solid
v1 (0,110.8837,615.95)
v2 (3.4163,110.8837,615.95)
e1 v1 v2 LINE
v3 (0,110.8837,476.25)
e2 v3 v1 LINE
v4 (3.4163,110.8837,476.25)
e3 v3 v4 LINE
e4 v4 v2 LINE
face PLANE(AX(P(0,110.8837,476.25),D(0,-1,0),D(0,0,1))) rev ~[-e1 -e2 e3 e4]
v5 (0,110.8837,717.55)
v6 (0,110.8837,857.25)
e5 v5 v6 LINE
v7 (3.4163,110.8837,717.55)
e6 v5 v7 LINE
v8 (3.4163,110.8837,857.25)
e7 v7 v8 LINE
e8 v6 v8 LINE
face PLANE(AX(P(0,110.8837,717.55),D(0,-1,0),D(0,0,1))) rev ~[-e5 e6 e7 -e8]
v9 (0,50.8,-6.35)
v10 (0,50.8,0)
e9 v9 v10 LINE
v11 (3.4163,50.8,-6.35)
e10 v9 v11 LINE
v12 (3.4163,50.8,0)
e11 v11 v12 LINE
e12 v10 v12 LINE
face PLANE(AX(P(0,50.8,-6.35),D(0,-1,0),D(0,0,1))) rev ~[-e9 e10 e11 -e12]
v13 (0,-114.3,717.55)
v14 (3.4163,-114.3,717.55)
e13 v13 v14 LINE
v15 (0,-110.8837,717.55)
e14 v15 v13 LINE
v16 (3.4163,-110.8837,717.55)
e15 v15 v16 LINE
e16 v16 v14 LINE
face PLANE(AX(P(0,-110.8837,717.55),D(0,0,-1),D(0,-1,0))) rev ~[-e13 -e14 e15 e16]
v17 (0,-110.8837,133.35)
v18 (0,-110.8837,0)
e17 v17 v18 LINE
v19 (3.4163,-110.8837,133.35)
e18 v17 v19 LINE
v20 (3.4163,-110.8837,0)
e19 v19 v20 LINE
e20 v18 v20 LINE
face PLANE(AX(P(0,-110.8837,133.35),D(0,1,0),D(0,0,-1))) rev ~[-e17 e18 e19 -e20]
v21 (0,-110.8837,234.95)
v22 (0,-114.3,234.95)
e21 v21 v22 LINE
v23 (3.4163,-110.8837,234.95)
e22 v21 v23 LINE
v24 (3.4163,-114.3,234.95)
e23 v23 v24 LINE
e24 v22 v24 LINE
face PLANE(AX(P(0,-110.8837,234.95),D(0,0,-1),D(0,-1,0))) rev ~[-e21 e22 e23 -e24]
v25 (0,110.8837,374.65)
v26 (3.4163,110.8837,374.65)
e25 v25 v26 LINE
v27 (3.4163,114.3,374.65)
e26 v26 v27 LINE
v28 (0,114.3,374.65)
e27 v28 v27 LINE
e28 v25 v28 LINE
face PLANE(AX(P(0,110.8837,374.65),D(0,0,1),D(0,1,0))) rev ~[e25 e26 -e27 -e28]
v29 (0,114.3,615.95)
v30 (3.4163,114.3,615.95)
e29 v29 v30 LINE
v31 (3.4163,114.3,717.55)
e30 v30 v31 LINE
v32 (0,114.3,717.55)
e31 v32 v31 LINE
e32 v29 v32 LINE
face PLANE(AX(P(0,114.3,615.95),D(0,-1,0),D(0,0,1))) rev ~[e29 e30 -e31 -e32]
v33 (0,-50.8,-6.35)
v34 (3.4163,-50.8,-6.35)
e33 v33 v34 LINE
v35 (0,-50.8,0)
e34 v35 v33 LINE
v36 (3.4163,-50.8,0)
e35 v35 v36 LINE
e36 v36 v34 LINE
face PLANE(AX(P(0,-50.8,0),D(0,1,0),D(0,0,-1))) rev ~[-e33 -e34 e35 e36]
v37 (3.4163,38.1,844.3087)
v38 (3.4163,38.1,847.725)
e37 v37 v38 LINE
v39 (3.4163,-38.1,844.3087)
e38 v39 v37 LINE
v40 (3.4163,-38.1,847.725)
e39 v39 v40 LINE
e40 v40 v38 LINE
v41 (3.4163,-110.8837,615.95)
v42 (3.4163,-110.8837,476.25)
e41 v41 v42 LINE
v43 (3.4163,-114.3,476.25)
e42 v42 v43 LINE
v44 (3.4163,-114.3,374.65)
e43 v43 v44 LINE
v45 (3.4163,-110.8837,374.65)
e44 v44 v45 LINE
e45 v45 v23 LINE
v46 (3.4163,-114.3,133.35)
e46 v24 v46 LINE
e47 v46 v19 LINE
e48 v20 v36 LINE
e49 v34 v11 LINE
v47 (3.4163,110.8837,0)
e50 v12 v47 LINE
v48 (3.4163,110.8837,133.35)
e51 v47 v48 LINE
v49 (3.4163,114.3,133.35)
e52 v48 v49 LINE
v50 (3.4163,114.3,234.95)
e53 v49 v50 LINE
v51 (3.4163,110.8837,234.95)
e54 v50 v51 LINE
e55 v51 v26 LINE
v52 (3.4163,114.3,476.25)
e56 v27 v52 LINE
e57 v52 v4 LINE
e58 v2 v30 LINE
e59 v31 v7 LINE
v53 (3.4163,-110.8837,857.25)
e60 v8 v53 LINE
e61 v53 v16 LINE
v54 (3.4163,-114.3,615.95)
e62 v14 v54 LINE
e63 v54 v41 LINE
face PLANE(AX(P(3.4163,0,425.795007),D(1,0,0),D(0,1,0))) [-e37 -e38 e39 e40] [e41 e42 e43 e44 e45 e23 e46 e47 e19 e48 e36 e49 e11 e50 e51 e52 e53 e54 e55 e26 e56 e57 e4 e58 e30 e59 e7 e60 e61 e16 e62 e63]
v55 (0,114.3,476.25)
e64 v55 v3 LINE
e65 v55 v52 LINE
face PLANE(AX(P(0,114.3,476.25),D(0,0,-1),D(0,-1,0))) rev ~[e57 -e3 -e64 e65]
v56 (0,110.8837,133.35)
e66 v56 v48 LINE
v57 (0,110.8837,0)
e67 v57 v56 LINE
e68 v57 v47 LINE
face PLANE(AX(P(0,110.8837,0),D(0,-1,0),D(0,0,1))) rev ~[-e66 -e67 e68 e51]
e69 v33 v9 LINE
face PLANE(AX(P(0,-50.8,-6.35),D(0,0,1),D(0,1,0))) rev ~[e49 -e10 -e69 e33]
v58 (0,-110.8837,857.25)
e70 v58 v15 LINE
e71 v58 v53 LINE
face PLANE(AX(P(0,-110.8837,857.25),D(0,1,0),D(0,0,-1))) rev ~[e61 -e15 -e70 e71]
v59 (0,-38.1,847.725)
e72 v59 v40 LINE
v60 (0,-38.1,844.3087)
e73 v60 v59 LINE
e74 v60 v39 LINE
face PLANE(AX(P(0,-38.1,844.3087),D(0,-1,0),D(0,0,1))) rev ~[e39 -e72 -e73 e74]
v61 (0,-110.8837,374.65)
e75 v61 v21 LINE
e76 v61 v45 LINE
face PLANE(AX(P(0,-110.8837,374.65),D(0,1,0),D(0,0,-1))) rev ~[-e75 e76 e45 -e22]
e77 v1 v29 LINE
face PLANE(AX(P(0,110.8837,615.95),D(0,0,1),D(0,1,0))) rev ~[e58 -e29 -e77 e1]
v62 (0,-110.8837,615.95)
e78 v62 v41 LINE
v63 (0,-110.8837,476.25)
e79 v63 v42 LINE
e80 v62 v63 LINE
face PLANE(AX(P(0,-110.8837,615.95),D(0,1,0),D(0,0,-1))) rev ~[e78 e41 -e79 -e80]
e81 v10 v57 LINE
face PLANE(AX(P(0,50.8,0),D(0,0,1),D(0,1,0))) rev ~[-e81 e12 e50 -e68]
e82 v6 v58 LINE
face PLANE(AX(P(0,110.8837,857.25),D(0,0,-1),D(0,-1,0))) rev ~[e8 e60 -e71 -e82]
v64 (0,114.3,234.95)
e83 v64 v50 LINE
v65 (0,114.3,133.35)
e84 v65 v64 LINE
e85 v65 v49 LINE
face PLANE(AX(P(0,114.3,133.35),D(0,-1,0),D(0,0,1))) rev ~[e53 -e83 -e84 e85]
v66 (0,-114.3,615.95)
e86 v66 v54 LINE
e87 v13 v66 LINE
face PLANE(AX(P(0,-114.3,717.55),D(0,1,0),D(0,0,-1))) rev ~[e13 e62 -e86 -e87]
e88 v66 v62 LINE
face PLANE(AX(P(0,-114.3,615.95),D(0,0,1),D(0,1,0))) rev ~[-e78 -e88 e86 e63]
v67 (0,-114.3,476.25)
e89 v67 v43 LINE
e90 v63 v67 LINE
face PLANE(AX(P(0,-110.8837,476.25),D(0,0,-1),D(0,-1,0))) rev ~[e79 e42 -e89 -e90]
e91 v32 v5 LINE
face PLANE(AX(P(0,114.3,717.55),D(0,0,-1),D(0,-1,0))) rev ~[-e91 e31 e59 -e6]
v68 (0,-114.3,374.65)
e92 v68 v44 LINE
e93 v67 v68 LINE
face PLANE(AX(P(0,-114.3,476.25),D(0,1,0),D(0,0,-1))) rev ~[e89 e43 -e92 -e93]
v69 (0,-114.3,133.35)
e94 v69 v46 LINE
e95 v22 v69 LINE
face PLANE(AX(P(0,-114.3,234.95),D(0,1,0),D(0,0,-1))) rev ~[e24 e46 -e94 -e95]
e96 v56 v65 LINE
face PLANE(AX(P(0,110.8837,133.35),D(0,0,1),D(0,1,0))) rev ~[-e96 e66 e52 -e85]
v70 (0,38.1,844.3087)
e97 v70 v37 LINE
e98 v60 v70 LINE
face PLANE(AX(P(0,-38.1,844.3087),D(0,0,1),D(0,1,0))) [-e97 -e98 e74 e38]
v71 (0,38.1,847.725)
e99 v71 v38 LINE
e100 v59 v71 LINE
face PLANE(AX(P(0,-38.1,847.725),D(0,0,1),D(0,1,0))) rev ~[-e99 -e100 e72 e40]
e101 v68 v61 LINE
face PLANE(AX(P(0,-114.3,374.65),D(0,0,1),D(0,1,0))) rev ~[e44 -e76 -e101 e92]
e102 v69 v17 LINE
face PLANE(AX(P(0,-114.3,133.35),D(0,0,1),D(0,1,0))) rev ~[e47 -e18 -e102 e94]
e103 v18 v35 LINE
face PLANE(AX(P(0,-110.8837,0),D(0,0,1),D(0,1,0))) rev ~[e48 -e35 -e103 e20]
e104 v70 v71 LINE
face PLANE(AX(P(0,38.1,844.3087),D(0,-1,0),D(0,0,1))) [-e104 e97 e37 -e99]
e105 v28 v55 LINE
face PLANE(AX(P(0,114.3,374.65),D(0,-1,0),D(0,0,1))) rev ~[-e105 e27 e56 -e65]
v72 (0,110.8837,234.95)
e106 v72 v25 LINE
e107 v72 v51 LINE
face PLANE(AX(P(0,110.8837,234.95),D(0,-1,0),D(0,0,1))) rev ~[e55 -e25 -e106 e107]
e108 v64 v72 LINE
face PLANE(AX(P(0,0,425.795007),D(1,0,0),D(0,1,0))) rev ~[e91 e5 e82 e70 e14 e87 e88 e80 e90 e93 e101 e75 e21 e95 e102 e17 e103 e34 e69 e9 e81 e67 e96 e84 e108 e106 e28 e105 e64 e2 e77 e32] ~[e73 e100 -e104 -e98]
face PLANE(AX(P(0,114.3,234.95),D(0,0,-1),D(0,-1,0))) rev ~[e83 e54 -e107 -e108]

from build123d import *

# Parameters (mm, degrees)
F0_W     = 76.2
F0_H     = 3.4163
F1_DEPTH = 3.4163


with BuildPart() as f1:
    # F0 (on Right) → F1 (new body)
    with BuildSketch(Plane.YZ):
        Polygon((-50.8, 0), (-50.8, -6.35), (50.8, -6.35), (50.8, 0), (110.8837, 0), (110.8837, 133.35), (114.3, 133.35), (114.3, 234.95), (110.8837, 234.95), (110.8837, 374.65), (114.3, 374.65), (114.3, 476.25), (110.8837, 476.25), (110.8837, 615.95), (114.3, 615.95), (114.3, 717.55), (110.8837, 717.55), (110.8837, 857.25), (38.1, 857.25), (-38.1, 857.25), (-110.8837, 857.25), (-110.8837, 717.55), (-114.3, 717.55), (-114.3, 615.95), (-110.8837, 615.95), (-110.8837, 476.25), (-114.3, 476.25), (-114.3, 374.65), (-110.8837, 374.65), (-110.8837, 234.95), (-114.3, 234.95), (-114.3, 133.35), (-110.8837, 133.35), (-110.8837, 0), align=None)
        with Locations((0, 846.01685)):
            Rectangle(F0_W, F0_H, mode=Mode.SUBTRACT)
    extrude(amount=F1_DEPTH)


solid = f1.part
